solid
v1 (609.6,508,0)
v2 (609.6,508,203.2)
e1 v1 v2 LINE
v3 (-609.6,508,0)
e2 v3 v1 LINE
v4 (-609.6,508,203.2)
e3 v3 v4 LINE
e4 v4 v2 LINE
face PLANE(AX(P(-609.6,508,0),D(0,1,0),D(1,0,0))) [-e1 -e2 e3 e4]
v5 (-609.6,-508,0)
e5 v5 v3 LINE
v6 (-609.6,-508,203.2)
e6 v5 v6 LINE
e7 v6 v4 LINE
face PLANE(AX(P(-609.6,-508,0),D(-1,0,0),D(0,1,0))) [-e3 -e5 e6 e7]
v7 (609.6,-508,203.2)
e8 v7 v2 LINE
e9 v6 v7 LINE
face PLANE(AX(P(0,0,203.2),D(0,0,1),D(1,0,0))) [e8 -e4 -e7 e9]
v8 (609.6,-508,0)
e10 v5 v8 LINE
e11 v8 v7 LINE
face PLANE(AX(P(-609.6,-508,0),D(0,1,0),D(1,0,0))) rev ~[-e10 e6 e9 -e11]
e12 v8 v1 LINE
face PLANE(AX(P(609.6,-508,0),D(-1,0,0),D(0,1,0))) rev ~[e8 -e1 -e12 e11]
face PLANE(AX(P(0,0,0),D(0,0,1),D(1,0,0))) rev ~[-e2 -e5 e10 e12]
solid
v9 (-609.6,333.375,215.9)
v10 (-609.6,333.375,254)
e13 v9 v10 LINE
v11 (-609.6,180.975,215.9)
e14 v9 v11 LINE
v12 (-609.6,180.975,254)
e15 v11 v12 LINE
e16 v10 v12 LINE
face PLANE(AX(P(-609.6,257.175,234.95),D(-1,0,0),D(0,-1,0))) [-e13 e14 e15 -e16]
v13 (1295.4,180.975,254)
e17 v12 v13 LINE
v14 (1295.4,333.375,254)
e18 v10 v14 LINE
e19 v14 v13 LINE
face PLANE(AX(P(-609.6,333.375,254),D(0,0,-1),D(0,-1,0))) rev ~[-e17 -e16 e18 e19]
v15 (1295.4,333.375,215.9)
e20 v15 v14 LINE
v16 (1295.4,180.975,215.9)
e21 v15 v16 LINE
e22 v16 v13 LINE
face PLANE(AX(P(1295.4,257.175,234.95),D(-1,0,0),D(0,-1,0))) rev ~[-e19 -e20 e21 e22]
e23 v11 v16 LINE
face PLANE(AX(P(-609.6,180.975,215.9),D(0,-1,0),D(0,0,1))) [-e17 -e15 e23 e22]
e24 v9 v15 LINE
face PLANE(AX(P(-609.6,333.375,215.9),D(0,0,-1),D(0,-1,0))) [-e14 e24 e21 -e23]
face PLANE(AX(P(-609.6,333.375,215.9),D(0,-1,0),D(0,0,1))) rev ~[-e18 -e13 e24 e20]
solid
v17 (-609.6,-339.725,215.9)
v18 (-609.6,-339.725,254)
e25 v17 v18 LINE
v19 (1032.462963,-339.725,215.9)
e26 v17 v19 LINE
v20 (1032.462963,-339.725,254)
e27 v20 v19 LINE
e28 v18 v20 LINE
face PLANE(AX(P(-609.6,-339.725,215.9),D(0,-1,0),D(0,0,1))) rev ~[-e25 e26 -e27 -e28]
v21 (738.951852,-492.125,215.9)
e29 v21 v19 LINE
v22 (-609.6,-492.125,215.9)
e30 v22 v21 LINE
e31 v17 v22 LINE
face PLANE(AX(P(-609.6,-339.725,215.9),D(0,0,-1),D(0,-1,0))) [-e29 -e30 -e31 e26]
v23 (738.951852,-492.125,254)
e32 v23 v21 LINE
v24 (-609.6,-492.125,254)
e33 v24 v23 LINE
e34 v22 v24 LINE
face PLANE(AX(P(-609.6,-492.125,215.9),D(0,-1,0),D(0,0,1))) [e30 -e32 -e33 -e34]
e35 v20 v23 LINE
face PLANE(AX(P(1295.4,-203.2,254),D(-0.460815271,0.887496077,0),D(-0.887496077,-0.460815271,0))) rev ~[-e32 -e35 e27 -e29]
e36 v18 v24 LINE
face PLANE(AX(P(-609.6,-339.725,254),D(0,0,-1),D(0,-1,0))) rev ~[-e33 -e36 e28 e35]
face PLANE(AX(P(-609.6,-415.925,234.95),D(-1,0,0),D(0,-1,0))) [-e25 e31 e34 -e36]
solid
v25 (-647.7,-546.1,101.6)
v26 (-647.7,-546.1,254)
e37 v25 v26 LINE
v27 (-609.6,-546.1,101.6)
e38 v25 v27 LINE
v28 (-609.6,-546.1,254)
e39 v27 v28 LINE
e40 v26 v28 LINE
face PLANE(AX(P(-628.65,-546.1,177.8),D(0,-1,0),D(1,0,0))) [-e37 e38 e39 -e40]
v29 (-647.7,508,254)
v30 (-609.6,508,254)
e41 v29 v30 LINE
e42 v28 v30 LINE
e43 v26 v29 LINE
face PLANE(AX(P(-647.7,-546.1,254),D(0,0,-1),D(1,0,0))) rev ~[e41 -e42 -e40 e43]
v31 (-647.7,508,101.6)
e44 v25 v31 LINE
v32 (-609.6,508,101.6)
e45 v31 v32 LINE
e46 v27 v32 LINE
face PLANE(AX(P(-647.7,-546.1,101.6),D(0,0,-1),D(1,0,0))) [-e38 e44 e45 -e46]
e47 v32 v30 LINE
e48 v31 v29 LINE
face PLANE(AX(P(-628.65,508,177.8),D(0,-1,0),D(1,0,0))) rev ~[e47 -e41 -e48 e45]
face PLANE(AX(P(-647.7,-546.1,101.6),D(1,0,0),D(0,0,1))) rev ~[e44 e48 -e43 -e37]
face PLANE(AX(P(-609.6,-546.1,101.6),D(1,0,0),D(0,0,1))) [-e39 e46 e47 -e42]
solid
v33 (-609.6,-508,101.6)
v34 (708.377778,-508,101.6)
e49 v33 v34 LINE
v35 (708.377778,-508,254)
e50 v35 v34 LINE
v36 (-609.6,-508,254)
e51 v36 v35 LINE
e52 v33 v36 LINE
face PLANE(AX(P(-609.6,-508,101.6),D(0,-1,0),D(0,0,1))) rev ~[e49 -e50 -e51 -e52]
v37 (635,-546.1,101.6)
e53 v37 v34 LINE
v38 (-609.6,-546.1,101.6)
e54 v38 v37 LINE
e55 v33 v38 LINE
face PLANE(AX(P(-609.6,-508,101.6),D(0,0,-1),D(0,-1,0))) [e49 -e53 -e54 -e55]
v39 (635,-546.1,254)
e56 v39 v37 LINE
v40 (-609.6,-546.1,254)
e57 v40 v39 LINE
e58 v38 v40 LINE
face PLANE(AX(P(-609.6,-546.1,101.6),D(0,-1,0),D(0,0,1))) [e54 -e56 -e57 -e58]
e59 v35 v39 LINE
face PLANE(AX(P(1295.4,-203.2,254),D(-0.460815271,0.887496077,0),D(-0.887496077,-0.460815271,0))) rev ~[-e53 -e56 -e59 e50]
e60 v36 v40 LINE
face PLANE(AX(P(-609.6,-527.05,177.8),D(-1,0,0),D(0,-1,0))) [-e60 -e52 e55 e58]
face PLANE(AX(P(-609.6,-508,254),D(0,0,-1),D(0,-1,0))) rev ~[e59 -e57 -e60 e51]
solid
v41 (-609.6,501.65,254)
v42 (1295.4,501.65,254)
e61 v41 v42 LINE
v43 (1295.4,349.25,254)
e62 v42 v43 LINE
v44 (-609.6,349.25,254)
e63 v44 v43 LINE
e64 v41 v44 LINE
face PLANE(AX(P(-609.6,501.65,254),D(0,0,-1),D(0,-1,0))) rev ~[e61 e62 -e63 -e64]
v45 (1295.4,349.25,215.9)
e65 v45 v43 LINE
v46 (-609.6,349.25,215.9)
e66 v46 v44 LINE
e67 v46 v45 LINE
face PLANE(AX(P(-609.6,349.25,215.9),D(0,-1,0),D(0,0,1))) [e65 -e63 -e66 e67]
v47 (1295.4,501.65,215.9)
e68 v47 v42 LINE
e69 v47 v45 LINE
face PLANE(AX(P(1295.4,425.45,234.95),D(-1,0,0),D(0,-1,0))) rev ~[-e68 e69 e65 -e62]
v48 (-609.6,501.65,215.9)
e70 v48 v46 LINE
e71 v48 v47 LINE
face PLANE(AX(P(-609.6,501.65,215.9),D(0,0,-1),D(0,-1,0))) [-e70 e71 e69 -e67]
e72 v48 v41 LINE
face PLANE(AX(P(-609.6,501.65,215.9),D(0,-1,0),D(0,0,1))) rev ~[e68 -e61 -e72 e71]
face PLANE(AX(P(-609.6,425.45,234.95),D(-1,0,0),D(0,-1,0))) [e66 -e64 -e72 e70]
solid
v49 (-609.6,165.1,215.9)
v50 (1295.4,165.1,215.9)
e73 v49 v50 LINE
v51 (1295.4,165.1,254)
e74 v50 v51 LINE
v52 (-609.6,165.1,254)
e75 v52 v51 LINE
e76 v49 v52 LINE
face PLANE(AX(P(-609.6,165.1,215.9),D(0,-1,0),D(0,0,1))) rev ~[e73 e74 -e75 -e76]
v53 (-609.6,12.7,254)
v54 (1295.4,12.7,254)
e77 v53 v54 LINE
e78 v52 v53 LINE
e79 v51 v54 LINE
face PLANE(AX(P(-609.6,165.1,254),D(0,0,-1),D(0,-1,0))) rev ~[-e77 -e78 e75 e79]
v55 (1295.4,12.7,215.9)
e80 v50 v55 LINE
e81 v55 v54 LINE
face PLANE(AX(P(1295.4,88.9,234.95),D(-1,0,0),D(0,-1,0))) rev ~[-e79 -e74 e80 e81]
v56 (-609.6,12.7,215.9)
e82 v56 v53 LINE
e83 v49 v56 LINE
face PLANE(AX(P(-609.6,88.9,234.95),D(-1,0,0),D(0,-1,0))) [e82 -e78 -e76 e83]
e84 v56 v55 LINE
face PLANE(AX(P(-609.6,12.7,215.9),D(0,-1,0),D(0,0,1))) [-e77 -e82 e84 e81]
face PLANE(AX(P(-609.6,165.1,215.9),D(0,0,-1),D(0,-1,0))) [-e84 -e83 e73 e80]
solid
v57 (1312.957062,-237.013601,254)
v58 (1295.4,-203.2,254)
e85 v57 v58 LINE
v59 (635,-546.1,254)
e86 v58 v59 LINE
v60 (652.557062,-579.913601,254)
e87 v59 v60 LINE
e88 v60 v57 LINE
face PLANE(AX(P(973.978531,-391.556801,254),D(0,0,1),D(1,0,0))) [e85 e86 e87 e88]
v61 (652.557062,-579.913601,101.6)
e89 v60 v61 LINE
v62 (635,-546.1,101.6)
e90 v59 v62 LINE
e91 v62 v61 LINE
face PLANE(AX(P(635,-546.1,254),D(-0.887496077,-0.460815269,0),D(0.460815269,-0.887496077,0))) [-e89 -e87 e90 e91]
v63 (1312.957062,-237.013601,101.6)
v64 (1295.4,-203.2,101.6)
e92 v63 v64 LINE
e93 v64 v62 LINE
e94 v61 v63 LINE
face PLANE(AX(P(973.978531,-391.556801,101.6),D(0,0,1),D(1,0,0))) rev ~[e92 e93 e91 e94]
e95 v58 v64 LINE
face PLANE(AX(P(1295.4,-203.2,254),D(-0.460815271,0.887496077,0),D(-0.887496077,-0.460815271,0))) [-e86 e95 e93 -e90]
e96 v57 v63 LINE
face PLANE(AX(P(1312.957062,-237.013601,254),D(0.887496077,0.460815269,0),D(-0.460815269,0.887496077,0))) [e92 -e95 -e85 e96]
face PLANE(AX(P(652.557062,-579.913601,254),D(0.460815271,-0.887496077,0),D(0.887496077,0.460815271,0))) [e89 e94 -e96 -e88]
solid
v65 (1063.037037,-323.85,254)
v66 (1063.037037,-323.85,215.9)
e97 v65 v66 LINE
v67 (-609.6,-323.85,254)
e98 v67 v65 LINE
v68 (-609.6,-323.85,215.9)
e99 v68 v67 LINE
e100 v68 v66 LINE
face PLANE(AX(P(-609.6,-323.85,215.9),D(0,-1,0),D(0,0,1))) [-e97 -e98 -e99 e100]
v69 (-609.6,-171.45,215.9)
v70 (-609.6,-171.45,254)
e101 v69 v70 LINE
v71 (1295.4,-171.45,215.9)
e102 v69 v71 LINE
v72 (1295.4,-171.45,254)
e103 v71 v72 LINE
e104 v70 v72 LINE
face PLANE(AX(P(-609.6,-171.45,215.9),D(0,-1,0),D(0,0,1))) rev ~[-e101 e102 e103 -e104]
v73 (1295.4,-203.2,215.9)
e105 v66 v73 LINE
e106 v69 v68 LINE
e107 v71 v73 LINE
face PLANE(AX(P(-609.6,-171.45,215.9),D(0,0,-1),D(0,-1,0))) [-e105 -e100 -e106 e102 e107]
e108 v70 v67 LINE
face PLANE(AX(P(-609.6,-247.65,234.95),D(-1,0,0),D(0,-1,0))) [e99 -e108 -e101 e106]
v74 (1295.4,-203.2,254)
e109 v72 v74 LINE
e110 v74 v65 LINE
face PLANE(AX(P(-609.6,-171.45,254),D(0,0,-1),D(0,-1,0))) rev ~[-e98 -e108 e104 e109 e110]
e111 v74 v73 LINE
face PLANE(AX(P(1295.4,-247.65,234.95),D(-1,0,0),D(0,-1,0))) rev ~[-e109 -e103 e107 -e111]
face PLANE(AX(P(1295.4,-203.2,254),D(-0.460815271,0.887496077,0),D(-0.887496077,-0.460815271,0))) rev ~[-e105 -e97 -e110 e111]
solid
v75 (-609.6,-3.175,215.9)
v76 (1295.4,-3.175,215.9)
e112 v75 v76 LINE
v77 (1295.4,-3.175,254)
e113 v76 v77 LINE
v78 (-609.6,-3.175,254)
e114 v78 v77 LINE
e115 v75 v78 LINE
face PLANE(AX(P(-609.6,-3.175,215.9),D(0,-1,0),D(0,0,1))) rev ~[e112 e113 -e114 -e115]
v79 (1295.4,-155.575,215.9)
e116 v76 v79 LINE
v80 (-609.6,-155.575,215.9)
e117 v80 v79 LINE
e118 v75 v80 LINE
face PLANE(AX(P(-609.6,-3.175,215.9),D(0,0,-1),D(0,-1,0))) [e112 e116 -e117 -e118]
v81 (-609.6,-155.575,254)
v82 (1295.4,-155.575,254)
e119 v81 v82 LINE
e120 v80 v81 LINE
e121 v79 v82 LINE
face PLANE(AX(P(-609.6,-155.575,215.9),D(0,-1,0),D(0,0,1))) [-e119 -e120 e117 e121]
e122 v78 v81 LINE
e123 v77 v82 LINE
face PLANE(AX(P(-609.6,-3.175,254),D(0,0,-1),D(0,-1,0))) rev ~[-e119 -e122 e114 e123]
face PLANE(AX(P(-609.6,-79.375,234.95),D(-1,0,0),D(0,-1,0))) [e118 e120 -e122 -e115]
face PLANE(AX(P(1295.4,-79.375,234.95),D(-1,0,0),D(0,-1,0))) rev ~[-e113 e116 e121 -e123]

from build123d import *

# Parameters (mm, degrees)
F0_W     = 1219.2
F0_H     = 1016
F1_DEPTH = 203.2
F2_W     = 38.1
F2_H     = 152.4
F2_W_2   = 152.4
F2_H_2   = 38.1
F3_DEPTH = 1905
F4_W     = 38.1
F4_H     = 152.4
F5_DEPTH = 1054.1
F7_DEPTH = 254.001
F9_DEPTH = 152.4


with BuildPart() as f1:
    # F0 (on Top) → F1 (new body)
    with BuildSketch(Plane.XY):
        Rectangle(F0_W, F0_H)
    extrude(amount=F1_DEPTH)


with BuildPart() as f3:
    # F2 (on face) → F3 (new body)
    with BuildSketch(Plane(origin=(-609.6, 0, 0), x_dir=(0, -1, 0), z_dir=(-1, 0, 0))):
        with Locations((527.05, 177.8)):
            Rectangle(F2_W, F2_H)
        with Locations((415.925, 234.95)):
            Rectangle(F2_W_2, F2_H_2)
        with Locations((247.65, 234.95)):
            Rectangle(F2_W_2, F2_H_2)
        with Locations((79.375, 234.95)):
            Rectangle(F2_W_2, F2_H_2)
        with Locations((-88.9, 234.95)):
            Rectangle(F2_W_2, F2_H_2)
        with Locations((-257.175, 234.95)):
            Rectangle(F2_W_2, F2_H_2)
        with Locations((-425.45, 234.95)):
            Rectangle(F2_W_2, F2_H_2)
    extrude(amount=-F3_DEPTH)

    # F6 (on face) → F7 (cut, through all)
    with BuildSketch(Plane.XY.offset(254)):
        Polygon((1295.4, -203.2), (635, -546.1), (1295.4, -546.1), align=None)
    extrude(amount=-F7_DEPTH, mode=Mode.SUBTRACT)


with BuildPart() as f5:
    # F4 (on face) → F5 (new body)
    with BuildSketch(Plane.XZ.offset(546.1)):
        with Locations((-628.65, 177.8)):
            Rectangle(F4_W, F4_H)
    extrude(amount=-F5_DEPTH)


with BuildPart() as f9:
    # F8 (on face) → F9 (new body)
    with BuildSketch(Plane.XY.offset(254)):
        Polygon((1295.4, -203.2), (635, -546.1), (652.557062, -579.913601), (1312.957062, -237.013601), align=None)
    extrude(amount=-F9_DEPTH)


solid = Compound([f1.part, f3.part, f5.part, f9.part])
